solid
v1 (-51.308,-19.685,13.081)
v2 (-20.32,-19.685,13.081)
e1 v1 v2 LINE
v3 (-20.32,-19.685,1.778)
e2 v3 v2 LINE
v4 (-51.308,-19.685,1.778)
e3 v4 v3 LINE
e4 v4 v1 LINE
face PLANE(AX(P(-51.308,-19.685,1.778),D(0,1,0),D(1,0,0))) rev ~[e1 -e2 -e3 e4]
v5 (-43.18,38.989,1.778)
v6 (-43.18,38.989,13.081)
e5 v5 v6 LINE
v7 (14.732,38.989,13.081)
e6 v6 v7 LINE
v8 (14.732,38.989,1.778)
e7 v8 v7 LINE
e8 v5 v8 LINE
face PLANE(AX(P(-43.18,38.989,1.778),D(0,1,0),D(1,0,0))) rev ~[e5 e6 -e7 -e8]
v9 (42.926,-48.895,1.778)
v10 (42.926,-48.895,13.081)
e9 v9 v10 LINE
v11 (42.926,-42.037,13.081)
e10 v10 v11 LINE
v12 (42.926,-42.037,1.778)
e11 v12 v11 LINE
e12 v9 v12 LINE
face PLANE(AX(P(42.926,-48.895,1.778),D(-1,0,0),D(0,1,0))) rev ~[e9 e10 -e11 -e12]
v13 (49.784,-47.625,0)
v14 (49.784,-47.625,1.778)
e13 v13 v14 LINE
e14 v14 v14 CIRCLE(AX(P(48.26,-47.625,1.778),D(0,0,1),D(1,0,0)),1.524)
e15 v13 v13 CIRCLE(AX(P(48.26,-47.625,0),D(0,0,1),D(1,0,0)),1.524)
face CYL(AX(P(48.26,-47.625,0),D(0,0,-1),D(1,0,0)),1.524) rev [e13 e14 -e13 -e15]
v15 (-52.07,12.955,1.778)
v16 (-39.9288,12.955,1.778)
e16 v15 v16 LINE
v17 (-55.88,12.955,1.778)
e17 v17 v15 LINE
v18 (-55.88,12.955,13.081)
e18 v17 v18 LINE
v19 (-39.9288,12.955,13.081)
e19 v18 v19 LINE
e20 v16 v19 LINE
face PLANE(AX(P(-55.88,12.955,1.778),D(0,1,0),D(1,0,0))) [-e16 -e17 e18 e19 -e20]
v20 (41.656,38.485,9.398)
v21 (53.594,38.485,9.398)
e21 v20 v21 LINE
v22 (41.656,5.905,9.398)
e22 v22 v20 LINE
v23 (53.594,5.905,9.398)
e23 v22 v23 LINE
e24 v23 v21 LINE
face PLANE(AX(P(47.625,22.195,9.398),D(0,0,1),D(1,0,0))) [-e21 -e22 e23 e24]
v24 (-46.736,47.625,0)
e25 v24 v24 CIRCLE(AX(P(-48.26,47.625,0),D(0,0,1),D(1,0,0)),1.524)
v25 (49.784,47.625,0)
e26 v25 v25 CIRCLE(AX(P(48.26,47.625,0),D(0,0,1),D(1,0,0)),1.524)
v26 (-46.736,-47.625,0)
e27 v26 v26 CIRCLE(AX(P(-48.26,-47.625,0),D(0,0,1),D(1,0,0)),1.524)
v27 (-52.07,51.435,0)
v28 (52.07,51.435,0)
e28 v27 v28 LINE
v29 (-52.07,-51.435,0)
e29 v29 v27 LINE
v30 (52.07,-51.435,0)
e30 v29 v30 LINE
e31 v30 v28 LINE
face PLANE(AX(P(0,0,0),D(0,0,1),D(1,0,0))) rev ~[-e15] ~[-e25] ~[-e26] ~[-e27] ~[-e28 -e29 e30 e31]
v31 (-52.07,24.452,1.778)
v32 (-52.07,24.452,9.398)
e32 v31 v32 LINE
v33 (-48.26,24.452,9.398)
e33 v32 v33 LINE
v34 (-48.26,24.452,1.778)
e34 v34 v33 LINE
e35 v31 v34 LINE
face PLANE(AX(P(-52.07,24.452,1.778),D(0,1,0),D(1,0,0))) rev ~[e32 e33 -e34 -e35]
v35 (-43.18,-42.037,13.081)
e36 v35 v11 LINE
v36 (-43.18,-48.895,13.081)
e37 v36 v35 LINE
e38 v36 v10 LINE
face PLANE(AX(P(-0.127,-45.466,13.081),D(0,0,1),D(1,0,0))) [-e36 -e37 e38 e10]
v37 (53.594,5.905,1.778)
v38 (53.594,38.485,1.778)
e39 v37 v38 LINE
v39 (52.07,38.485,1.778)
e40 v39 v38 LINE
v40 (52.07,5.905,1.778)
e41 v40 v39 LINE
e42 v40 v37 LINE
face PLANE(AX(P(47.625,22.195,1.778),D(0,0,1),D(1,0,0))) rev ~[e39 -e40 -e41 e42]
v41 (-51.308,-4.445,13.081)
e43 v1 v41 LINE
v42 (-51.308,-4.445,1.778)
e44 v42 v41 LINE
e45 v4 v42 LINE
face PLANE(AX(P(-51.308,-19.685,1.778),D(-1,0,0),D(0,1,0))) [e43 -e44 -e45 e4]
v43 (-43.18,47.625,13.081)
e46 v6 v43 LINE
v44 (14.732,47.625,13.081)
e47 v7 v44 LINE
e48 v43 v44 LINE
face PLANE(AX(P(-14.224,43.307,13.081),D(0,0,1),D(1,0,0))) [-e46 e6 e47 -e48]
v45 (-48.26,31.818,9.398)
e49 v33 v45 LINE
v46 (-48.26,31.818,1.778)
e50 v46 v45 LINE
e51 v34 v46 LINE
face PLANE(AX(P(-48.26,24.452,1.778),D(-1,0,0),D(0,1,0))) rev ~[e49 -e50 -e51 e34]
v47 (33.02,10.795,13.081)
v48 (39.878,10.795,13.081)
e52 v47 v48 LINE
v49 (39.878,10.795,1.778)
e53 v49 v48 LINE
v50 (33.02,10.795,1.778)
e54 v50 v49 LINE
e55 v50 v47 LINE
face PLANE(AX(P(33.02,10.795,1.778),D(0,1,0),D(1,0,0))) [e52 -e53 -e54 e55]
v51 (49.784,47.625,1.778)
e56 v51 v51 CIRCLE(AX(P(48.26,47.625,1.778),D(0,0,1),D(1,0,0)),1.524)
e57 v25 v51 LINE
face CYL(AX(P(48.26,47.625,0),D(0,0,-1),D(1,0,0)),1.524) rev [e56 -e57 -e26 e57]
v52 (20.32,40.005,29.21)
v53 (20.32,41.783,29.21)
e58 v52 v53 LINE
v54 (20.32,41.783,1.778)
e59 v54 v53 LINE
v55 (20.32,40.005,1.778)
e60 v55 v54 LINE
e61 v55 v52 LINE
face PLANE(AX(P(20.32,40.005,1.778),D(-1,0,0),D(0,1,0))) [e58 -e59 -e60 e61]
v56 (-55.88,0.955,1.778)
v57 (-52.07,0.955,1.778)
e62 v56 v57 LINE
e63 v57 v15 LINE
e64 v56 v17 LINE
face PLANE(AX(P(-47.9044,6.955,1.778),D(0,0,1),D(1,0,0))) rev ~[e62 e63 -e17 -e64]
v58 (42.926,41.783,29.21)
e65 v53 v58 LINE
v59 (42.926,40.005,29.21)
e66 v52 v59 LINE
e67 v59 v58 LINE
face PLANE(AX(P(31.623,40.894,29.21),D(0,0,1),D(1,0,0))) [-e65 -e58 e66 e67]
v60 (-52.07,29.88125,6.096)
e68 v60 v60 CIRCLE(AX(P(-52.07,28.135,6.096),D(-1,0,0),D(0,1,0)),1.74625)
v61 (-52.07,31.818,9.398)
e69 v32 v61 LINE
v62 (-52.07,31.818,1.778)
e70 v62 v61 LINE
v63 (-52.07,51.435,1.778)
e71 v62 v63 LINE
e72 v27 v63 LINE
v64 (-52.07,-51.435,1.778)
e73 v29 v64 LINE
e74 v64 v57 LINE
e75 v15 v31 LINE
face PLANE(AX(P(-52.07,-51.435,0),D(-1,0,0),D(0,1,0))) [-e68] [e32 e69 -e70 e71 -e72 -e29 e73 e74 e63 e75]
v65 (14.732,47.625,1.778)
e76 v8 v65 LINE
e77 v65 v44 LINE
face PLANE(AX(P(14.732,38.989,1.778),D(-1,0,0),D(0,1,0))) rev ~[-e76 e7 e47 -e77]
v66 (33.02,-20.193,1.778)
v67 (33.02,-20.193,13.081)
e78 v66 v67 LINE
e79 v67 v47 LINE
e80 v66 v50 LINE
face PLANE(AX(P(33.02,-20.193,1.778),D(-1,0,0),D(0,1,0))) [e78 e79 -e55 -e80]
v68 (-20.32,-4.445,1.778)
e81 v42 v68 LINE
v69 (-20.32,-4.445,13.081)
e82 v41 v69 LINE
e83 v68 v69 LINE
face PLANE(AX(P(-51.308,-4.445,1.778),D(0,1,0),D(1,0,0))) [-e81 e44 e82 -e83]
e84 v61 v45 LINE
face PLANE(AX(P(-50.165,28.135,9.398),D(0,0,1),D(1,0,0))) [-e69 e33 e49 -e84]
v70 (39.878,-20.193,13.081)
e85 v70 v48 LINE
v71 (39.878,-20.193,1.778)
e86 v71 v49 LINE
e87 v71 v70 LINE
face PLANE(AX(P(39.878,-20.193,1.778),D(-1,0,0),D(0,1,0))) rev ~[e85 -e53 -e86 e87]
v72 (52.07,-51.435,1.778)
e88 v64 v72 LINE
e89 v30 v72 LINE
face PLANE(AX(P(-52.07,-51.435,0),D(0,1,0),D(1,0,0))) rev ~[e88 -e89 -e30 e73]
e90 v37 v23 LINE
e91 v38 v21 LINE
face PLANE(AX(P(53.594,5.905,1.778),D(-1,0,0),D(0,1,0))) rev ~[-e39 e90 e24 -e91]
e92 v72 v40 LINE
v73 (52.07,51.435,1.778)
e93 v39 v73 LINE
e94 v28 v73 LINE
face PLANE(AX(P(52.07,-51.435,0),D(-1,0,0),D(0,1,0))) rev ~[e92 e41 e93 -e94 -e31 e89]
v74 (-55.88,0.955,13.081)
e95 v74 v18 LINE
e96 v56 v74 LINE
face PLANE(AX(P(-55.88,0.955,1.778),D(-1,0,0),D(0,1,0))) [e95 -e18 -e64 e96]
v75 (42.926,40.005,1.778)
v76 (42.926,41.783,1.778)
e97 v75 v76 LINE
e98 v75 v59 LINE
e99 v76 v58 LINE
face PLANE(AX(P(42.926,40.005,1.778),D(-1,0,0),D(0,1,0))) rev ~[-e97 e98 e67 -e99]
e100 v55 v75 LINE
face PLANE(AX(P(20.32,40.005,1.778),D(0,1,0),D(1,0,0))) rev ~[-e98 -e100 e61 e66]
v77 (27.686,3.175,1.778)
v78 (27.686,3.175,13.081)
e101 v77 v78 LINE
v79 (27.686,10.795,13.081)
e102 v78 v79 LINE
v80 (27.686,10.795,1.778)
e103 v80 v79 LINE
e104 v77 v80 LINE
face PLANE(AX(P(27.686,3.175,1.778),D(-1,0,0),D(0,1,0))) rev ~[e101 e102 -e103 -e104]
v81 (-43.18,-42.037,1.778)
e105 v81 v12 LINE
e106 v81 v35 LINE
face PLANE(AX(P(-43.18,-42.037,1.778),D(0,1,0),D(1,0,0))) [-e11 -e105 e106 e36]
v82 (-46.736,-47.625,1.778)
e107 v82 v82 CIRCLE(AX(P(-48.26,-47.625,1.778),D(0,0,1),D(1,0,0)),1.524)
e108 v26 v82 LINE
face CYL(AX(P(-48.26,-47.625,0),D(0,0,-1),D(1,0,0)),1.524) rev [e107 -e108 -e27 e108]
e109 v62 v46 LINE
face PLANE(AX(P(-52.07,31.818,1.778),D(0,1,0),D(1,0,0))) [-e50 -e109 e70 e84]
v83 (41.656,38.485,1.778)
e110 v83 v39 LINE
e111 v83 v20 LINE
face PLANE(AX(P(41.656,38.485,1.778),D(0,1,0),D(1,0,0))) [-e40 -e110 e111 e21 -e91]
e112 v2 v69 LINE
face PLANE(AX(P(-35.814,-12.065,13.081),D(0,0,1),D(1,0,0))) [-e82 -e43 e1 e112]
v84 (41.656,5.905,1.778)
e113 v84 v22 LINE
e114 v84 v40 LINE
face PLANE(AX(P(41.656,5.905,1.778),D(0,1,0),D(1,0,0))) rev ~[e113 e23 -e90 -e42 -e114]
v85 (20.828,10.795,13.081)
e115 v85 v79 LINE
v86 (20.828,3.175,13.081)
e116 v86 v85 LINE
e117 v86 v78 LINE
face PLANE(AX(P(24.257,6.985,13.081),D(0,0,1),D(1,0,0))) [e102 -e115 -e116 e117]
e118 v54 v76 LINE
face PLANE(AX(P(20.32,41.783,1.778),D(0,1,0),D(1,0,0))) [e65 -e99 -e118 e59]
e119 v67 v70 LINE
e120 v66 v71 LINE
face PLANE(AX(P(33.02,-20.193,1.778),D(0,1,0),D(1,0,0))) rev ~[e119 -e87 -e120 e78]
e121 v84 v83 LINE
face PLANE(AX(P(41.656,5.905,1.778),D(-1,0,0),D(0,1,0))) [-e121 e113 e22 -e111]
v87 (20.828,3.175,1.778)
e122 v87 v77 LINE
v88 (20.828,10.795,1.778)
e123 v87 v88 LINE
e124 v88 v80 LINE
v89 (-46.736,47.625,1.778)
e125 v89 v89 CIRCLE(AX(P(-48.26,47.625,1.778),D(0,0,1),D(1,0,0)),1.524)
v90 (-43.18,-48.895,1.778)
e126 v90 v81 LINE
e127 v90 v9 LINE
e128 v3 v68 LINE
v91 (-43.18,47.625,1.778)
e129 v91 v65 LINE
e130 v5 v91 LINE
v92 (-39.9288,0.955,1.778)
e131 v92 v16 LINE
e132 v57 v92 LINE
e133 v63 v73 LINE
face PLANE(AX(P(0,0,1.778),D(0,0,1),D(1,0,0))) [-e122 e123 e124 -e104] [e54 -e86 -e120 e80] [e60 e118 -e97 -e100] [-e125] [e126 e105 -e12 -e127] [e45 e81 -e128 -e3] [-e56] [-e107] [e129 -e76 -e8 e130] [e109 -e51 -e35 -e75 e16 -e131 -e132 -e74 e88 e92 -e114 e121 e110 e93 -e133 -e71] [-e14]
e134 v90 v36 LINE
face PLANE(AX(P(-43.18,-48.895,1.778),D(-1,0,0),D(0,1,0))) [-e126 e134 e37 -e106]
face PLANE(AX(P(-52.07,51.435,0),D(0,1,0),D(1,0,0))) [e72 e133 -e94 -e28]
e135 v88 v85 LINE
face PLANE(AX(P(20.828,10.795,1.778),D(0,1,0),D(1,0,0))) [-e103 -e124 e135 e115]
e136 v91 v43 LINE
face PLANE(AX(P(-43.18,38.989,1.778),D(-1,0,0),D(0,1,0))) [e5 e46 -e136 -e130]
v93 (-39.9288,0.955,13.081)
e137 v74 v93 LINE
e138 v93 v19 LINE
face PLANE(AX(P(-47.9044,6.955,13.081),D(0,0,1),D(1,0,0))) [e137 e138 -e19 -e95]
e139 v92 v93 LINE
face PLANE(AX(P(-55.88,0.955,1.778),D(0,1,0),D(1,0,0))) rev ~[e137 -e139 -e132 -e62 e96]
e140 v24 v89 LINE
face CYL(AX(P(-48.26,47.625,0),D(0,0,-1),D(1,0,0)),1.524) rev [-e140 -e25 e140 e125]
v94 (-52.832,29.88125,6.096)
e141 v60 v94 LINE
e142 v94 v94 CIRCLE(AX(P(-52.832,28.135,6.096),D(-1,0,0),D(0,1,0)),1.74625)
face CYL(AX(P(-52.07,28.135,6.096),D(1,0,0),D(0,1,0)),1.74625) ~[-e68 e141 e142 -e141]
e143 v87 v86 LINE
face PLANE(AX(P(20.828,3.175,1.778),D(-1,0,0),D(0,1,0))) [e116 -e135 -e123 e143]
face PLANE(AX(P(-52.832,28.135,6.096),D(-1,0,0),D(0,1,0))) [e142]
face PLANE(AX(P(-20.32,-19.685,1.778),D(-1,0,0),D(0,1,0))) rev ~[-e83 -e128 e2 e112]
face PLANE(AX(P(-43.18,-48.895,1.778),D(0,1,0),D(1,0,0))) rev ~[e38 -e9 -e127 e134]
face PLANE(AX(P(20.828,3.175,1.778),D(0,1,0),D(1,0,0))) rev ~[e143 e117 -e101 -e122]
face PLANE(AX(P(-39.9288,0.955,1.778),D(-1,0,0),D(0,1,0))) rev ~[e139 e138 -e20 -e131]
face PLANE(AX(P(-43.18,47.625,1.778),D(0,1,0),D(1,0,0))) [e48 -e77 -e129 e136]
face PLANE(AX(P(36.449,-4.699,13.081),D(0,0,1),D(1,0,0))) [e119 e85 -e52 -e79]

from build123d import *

# Parameters (mm, degrees)
SKETCH1_W           = 104.14
SKETCH1_H           = 102.87
SKETCH1_R           = 1.524
BOSS_EXTRUDE1_DEPTH = 1.778
SKETCH2_W           = 57.912
SKETCH2_H           = 8.636
SKETCH2_W_2         = 15.9512
SKETCH2_H_2         = 12
SKETCH2_W_3         = 30.988
SKETCH2_H_3         = 15.24
SKETCH2_W_4         = 86.106
SKETCH2_H_4         = 6.858
SKETCH2_W_5         = 6.858
SKETCH2_H_5         = 30.988
SKETCH2_H_6         = 7.62
BOSS_EXTRUDE2_DEPTH = 11.303
SKETCH3_W           = 11.938
SKETCH3_H           = 32.58
SKETCH3_W_2         = 3.81
SKETCH3_H_2         = 7.366
BOSS_EXTRUDE3_DEPTH = 7.62
SKETCH4_R           = 1.74625
BOSS_EXTRUDE4_DEPTH = 0.762
SKETCH5_W           = 22.606
SKETCH5_H           = 1.778
BOSS_EXTRUDE5_DEPTH = 27.432


with BuildPart() as part:
    # Sketch1 → Boss-Extrude1 (new body)
    with BuildSketch(Plane.XY):
        Rectangle(SKETCH1_W, SKETCH1_H)
        with Locations((-48.26, 47.625)):
            Circle(SKETCH1_R, mode=Mode.SUBTRACT)
        with Locations((48.26, 47.625)):
            Circle(SKETCH1_R, mode=Mode.SUBTRACT)
        with Locations((48.26, -47.625)):
            Circle(SKETCH1_R, mode=Mode.SUBTRACT)
        with Locations((-48.26, -47.625)):
            Circle(SKETCH1_R, mode=Mode.SUBTRACT)
    extrude(amount=BOSS_EXTRUDE1_DEPTH)

    # Sketch2 → Boss-Extrude2 (add)
    with BuildSketch(Plane.XY.offset(1.778)):
        with Locations((-14.224, 43.307)):
            Rectangle(SKETCH2_W, SKETCH2_H)
        with Locations((-47.9044, 6.955)):
            Rectangle(SKETCH2_W_2, SKETCH2_H_2)
        with Locations((-35.814, -12.065)):
            Rectangle(SKETCH2_W_3, SKETCH2_H_3)
        with Locations((-0.127, -45.466)):
            Rectangle(SKETCH2_W_4, SKETCH2_H_4)
        with Locations((36.449, -4.699)):
            Rectangle(SKETCH2_W_5, SKETCH2_H_5)
        with Locations((24.257, 6.985)):
            Rectangle(SKETCH2_W_5, SKETCH2_H_6)
    extrude(amount=BOSS_EXTRUDE2_DEPTH)

    # Sketch3 → Boss-Extrude3 (add)
    with BuildSketch(Plane.XY.offset(1.778)):
        with Locations((47.625, 22.195)):
            Rectangle(SKETCH3_W, SKETCH3_H)
        with Locations((-50.165, 28.135)):
            Rectangle(SKETCH3_W_2, SKETCH3_H_2)
    extrude(amount=BOSS_EXTRUDE3_DEPTH)

    # Sketch4 → Boss-Extrude4 (add)
    with BuildSketch(Plane.ZY.offset(52.07)):
        with Locations(Location((6.096, 28.135, 0), (0, 0, 90))):  # turned: the seam where the file's is
            Circle(SKETCH4_R)
    extrude(amount=BOSS_EXTRUDE4_DEPTH)

    # Sketch5 → Boss-Extrude5 (add)
    with BuildSketch(Plane.XY.offset(1.778)):
        with Locations((31.623, 40.894)):
            Rectangle(SKETCH5_W, SKETCH5_H)
    extrude(amount=BOSS_EXTRUDE5_DEPTH)


solid = part.part
